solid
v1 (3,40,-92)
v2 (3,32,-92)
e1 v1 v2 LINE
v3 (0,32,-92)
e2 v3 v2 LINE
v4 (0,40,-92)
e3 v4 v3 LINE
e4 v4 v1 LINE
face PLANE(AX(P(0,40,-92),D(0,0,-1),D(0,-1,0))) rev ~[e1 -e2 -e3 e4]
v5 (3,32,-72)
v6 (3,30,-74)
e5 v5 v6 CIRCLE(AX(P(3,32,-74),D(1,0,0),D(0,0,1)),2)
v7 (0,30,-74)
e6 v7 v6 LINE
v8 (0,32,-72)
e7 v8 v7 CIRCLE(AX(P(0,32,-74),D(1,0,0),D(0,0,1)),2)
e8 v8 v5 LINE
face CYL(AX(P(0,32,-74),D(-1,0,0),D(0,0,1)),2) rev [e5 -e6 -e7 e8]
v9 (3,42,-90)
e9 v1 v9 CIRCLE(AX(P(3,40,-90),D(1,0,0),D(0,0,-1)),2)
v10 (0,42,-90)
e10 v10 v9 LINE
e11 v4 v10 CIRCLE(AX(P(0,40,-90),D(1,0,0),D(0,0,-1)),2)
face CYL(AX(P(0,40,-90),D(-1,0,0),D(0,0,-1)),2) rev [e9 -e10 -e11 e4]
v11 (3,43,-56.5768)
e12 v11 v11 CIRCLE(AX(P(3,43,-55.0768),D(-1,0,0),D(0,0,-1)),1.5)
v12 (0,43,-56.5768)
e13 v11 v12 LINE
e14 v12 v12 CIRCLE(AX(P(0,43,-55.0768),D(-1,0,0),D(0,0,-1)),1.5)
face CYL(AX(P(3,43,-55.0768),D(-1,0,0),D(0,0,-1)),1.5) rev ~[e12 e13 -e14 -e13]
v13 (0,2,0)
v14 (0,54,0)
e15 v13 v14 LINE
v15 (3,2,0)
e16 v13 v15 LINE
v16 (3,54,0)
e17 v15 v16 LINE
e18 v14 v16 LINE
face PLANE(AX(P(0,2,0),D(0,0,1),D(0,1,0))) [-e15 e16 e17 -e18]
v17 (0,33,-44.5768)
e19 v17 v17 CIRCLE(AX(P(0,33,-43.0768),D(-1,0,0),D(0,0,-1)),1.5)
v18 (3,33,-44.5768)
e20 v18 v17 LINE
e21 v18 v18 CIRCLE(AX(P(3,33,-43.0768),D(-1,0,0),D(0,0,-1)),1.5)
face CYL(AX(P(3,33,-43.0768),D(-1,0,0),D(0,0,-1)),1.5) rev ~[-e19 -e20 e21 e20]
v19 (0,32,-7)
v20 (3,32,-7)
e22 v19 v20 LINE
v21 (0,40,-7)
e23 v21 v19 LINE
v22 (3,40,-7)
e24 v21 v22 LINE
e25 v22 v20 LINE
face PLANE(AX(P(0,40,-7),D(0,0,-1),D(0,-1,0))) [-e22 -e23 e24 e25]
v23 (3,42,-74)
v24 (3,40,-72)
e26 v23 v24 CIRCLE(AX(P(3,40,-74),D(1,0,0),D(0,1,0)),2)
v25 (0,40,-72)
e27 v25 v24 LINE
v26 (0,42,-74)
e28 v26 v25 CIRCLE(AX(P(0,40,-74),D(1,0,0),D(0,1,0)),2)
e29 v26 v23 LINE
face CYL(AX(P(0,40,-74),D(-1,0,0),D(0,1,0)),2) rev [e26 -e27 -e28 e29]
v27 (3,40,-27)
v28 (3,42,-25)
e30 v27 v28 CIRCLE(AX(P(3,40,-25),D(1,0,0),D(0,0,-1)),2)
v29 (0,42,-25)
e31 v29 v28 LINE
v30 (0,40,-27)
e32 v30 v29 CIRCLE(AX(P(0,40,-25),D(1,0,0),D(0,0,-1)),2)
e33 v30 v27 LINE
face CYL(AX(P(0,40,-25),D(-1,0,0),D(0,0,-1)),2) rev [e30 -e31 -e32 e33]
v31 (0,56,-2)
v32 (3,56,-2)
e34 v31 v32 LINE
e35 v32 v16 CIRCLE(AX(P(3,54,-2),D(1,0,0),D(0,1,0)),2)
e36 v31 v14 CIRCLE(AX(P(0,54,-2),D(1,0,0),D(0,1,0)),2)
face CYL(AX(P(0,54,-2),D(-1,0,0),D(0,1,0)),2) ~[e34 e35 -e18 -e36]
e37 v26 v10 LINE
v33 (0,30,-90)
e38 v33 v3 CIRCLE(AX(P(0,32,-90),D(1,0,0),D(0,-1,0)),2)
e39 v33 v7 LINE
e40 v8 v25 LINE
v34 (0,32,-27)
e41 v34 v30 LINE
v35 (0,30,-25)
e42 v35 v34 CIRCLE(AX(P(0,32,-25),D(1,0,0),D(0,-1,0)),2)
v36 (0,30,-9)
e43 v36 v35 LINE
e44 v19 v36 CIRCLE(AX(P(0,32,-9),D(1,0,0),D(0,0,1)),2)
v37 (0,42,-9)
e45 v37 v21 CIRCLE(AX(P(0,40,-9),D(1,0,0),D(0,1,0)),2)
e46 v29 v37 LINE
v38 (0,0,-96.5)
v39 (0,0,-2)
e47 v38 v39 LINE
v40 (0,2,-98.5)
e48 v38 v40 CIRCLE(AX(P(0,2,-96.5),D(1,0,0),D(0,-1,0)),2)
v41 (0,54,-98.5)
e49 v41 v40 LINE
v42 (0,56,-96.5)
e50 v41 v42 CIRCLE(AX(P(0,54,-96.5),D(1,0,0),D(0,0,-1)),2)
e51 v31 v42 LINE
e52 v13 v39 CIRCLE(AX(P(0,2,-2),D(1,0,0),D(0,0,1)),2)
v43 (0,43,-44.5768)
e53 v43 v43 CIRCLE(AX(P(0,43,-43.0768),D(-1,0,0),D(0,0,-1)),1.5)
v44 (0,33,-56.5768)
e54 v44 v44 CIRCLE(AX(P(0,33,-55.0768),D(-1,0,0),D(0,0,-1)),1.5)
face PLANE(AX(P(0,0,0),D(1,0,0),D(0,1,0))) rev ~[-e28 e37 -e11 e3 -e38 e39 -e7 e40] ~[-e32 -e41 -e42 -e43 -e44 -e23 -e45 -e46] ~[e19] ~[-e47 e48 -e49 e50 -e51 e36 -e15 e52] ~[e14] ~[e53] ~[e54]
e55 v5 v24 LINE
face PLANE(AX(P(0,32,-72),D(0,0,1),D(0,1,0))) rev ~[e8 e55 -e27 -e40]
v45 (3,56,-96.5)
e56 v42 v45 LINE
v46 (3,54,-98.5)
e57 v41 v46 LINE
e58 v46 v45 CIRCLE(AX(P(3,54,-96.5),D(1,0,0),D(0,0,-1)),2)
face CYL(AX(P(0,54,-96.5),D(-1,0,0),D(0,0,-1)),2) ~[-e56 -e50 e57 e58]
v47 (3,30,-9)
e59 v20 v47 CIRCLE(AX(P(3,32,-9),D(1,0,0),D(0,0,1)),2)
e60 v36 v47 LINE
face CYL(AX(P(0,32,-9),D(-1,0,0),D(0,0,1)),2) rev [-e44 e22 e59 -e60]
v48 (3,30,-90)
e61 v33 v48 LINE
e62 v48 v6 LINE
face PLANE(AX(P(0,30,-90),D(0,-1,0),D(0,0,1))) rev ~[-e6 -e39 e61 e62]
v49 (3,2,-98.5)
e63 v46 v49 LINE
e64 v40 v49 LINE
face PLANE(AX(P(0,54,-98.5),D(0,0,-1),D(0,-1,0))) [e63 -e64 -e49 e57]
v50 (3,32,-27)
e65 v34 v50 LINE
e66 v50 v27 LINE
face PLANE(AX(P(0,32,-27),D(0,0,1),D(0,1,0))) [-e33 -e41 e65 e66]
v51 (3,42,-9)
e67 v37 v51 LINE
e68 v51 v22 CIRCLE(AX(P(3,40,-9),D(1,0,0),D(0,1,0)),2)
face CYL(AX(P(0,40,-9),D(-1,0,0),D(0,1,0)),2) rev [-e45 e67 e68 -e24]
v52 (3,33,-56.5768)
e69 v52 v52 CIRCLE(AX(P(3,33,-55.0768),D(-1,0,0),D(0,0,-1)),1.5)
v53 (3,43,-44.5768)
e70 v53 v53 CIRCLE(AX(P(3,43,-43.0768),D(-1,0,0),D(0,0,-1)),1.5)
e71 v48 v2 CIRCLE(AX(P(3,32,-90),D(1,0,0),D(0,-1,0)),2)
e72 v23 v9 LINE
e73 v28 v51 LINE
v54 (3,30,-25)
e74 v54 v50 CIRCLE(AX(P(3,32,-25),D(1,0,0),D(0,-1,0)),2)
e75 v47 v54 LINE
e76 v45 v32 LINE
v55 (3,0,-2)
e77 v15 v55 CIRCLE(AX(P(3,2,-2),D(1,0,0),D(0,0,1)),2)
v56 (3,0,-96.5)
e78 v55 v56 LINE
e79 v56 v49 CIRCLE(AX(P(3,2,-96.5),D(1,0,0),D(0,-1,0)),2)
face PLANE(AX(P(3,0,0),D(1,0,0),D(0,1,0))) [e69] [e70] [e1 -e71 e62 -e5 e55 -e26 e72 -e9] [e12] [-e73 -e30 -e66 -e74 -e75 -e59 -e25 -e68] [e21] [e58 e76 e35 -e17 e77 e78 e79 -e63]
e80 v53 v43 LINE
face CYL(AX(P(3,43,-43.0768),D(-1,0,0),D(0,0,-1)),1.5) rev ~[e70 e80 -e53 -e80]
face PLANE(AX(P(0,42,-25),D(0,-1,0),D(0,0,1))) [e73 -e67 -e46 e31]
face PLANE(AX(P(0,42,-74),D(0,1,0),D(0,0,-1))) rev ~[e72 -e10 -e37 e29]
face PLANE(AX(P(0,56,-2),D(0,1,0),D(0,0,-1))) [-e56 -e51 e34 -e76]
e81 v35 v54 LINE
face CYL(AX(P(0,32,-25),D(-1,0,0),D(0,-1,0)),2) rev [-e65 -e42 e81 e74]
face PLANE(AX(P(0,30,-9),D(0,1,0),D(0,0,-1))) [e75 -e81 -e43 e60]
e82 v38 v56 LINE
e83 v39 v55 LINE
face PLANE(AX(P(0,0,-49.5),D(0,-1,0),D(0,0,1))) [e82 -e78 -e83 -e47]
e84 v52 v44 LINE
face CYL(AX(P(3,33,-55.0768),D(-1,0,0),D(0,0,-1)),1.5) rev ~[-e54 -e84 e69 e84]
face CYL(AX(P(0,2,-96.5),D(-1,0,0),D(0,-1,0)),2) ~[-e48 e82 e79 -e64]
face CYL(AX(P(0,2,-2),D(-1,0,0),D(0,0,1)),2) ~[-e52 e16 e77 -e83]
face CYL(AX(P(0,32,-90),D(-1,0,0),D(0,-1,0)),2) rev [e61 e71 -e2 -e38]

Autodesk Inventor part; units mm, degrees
ref_plane "YZ Plane" through (0, 0, 0) normal (1, 0, 0) x (0, 1, 0)
ref_plane "XZ Plane" through (0, 0, 0) normal (0, 1, 0) x (-1, 0, 0)
ref_plane "XY Plane" through (0, 0, 0) normal (0, 0, 1) x (1, 0, 0)
sketch "Sketch1" plane through (0, 0, 0) normal (1, 0, 0) x (0, 1, 0)
  line L0 (2, 0) -> (54, 0)
  line L1 (56, -2) -> (56, -96.5)
  line L2 (54, -98.5) -> (2, -98.5)
  line L3 (0, -96.5) -> (0, -2)
  line L4 (40, -7) -> (32, -7)
  line L5 (30, -9) -> (30, -25)
  line L6 (32, -27) -> (40, -27)
  line L7 (42, -25) -> (42, -9)
  arc A0 (40, -27) -> (42, -25) centre (40, -25) ccw
  arc A1 (32, -7) -> (30, -9) centre (32, -9) ccw
  arc A2 (30, -25) -> (32, -27) centre (32, -25) ccw
  arc A3 (42, -9) -> (40, -7) centre (40, -9) ccw
  line L8 (0, -49.5) -> (56, -49.5)
  line L9 (40, -92) -> (32, -92)
  line L10 (30, -90) -> (30, -74)
  line L11 (32, -72) -> (40, -72)
  line L12 (42, -74) -> (42, -90)
  arc A4 (42, -74) -> (40, -72) centre (40, -74) ccw
  arc A5 (30, -90) -> (32, -92) centre (32, -90) ccw
  arc A6 (32, -72) -> (30, -74) centre (32, -74) ccw
  arc A7 (40, -92) -> (42, -90) centre (40, -90) ccw
  arc A8 (56, -2) -> (54, 0) centre (54, -2) ccw
  arc A9 (54, -98.5) -> (56, -96.5) centre (54, -96.5) ccw
  arc A10 (0, -96.5) -> (2, -98.5) centre (2, -96.5) ccw
  arc A11 (2, 0) -> (0, -2) centre (2, -2) ccw
  point P0 (0, 0)
  point P1 (56, -98.5)
  point P2 (56, 0)
  point P3 (0, -98.5)
  point P4 (42, -7)
  point P5 (30, -27)
  point P6 (42, -27)
  point P7 (42, -92)
  point P8 (30, -72)
  point P9 (42, -72)
  dimension "d0" = 56
  dimension "d1" = 98.5
  dimension "d2" = 7
  dimension "d3" = 30
  dimension "d4" = 12
  dimension "d5" = 20
  dimension "d6" = 2
  dimension "d7" = 49.5
  dimension "d10" = 2
extrude "Extrusion1" add sketch "Sketch1" along normal blind 3
sketch "Boceto2" plane through (3, 0, 0) normal (1, 0, 0) x (0, 0, -1)
  circle A0 centre (43.0768, 43) radius 1.5 construction
  circle A1 centre (55.0768, 43) radius 1.5 construction
  circle A2 centre (43.0768, 33) radius 1.5 construction
  circle A3 centre (55.0768, 33) radius 1.5 construction
  point P0 (0, 0)
hole "SpacersSetHerramientas" at (3, 43, -43.0768) at (3, 33, -43.0768) at (3, 33, -55.0768) at (3, 43, -55.0768) direction (-1, 0, 0) diameter 3 end through all
properties part number "PARED FRONTAL"
